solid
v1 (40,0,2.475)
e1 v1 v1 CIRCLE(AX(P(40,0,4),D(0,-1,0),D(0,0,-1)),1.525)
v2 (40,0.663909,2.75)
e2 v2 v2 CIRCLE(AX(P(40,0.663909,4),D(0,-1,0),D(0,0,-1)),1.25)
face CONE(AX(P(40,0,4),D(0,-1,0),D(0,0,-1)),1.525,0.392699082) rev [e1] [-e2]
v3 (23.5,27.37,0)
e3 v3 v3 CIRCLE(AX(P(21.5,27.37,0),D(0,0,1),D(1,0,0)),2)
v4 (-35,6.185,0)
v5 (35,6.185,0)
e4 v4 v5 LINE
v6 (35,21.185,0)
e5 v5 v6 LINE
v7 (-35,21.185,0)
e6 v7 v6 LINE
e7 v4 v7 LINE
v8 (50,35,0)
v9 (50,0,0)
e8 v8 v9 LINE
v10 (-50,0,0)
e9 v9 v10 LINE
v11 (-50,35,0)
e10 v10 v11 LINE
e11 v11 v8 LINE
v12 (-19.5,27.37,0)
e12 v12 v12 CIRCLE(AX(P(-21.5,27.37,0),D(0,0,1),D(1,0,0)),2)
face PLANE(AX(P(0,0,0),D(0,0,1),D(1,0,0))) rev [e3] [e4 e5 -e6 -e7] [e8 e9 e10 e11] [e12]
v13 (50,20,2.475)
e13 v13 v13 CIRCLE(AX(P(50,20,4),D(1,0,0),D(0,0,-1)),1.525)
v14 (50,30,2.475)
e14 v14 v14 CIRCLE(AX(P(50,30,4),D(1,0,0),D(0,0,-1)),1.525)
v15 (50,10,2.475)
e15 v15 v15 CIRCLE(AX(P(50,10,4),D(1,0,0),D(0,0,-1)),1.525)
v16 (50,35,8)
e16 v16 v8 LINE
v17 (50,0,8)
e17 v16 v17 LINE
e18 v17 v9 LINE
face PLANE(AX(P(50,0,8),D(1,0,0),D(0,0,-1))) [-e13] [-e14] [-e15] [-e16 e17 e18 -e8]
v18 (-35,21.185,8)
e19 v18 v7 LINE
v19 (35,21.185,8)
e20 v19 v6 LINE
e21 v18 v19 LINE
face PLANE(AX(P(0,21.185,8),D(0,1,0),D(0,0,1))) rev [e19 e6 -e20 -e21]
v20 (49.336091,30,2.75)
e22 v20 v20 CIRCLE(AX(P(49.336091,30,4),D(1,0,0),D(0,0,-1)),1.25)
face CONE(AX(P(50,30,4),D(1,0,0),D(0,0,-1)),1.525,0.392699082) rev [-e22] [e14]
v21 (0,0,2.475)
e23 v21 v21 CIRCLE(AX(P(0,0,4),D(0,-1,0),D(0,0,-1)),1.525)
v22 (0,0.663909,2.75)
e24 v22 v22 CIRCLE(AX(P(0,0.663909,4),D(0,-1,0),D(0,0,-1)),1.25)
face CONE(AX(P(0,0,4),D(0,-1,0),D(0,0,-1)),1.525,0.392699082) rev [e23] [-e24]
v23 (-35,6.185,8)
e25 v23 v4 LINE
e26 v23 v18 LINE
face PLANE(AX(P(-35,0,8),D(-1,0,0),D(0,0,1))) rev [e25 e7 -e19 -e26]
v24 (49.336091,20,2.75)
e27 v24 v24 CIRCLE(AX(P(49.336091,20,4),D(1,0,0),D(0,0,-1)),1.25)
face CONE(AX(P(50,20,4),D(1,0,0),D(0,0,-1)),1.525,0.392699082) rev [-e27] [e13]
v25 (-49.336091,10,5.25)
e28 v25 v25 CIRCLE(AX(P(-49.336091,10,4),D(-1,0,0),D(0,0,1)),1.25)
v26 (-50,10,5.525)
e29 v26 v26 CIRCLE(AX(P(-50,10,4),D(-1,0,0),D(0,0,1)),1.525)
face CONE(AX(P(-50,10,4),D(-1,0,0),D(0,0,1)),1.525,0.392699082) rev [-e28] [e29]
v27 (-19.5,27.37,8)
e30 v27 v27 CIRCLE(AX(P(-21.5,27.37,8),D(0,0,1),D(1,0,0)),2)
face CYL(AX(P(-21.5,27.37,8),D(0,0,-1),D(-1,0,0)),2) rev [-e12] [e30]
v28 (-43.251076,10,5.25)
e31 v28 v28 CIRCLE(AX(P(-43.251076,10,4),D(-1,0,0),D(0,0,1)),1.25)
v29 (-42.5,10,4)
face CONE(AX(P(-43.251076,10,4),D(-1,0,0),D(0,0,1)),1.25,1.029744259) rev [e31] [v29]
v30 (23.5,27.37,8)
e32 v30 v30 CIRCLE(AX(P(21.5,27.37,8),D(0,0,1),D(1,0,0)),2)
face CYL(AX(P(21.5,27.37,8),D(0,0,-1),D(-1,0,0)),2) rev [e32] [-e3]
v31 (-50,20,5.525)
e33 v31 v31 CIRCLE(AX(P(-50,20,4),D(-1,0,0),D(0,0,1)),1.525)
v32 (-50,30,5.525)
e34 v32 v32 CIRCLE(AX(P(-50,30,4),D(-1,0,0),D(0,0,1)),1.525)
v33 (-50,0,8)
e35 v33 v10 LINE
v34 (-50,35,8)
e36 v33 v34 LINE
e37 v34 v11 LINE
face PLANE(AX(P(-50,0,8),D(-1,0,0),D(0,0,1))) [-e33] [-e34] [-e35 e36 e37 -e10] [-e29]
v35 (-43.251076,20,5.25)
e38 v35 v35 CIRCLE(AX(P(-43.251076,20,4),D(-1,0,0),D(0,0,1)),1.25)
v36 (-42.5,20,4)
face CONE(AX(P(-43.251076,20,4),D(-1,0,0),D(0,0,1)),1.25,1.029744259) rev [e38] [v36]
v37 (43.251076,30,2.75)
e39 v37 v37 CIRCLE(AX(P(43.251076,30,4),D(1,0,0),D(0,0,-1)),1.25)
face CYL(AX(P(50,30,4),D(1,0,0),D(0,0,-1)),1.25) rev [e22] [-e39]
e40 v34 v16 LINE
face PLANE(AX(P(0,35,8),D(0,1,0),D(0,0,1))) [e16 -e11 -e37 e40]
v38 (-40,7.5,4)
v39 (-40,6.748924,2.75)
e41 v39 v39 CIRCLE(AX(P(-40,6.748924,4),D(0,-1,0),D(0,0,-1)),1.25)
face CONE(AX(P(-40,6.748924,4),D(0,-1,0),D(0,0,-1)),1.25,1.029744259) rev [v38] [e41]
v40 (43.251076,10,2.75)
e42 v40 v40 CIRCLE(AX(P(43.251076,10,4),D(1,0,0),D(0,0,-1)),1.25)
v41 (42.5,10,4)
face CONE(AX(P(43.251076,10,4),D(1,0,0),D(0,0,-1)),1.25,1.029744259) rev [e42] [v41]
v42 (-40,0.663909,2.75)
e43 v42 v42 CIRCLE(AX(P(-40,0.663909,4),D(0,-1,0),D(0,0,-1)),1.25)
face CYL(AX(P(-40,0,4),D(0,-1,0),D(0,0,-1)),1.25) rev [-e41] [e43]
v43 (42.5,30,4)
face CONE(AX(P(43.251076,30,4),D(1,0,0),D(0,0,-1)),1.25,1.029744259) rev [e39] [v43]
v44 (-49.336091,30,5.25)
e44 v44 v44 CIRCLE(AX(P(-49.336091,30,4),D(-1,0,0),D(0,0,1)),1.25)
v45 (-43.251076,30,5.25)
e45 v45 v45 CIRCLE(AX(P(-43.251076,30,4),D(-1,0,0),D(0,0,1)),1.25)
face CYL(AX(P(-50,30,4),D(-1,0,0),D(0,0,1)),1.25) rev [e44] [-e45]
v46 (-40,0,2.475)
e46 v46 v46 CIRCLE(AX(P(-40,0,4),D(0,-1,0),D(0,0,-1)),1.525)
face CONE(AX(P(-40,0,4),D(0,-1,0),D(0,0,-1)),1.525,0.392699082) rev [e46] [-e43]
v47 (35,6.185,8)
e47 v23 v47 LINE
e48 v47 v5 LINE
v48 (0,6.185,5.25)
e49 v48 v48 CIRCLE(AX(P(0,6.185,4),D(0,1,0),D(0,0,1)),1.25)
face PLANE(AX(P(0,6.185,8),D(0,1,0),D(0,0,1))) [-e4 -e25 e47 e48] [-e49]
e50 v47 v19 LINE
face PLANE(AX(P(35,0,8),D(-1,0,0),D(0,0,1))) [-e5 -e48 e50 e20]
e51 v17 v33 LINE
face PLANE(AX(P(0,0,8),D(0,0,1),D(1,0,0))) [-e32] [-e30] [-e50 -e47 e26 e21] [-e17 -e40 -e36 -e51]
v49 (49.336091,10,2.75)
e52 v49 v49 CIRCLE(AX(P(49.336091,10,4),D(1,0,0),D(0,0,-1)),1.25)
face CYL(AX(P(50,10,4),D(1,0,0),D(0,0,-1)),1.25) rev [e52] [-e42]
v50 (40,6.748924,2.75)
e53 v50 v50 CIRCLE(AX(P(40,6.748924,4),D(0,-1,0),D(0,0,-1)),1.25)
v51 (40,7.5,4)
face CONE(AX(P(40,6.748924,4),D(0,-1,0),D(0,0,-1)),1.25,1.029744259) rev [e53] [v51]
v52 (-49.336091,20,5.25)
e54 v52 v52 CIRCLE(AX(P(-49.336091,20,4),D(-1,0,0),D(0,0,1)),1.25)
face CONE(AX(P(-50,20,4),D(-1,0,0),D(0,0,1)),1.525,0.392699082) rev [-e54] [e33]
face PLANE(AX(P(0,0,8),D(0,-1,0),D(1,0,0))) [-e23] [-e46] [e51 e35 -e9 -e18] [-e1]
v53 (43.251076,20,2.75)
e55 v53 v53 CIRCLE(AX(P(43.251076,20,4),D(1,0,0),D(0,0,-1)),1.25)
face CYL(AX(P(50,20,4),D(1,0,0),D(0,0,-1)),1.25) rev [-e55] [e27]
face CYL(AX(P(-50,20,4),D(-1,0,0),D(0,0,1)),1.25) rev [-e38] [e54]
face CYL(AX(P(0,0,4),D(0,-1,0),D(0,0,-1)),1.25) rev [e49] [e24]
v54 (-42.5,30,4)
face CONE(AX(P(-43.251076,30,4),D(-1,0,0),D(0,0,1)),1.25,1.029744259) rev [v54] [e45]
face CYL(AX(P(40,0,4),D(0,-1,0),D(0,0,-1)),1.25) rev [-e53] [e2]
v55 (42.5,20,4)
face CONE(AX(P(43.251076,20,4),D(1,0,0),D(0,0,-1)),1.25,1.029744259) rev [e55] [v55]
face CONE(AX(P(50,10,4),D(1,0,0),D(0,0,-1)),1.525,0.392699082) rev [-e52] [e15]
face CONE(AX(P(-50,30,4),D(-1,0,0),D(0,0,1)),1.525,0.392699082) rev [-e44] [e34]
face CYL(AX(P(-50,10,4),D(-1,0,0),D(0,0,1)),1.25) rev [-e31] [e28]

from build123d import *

# Parameters (mm, degrees)
SKETCH_1_R                   = 2
SKETCH_1_W                   = 70
SKETCH_1_H                   = 15
EXTRUDE_2_DEPTH              = 8
HOLE_WIZARD_M3_1_D           = 2.5
HOLE_WIZARD_M3_1_DEPTH       = 6.748924226
HOLE_WIZARD_M3_1_CSINK_D     = 3.05
HOLE_WIZARD_M3_1_CSINK_ANGLE = 45
HOLE_WIZARD_M3_1_TIP         = 0.751075774
HOLE_WIZARD_M3_2_D           = 2.5
HOLE_WIZARD_M3_2_DEPTH       = 6.748924226
HOLE_WIZARD_M3_2_CSINK_D     = 3.05
HOLE_WIZARD_M3_2_CSINK_ANGLE = 45
HOLE_WIZARD_M3_2_TIP         = 0.751075774
HOLE_WIZARD_M3_3_D           = 2.5
HOLE_WIZARD_M3_3_DEPTH       = 6.748924226
HOLE_WIZARD_M3_3_CSINK_D     = 3.05
HOLE_WIZARD_M3_3_CSINK_ANGLE = 45
HOLE_WIZARD_M3_3_TIP         = 0.751075774


with BuildPart() as part:
    # 草圖1 → 填料-伸長2 (new body)
    with BuildSketch(Plane.XY):
        Polygon((0, 0), (-50, 0), (-50, 35), (50, 35), (50, 0), align=None)
        with Locations((-21.5, 27.37)):
            Circle(SKETCH_1_R, mode=Mode.SUBTRACT)
        with Locations((21.5, 27.37)):
            Circle(SKETCH_1_R, mode=Mode.SUBTRACT)
        with Locations((0, 13.685)):
            Rectangle(SKETCH_1_W, SKETCH_1_H, mode=Mode.SUBTRACT)
    extrude(amount=EXTRUDE_2_DEPTH)

    # M3 螺紋孔1
    with Locations(Plane(origin=(50, 10, 4), x_dir=(0, 0, 1), z_dir=(1, 0, 0))):
        with Locations((0, 0), (0, -20), (0, -10)):
            CounterSinkHole(HOLE_WIZARD_M3_1_D / 2, HOLE_WIZARD_M3_1_CSINK_D / 2, depth=HOLE_WIZARD_M3_1_DEPTH, counter_sink_angle=HOLE_WIZARD_M3_1_CSINK_ANGLE)
            with Locations((0, 0, -(HOLE_WIZARD_M3_1_DEPTH + HOLE_WIZARD_M3_1_TIP / 2))):  # 118° drill point
                Cone(0, HOLE_WIZARD_M3_1_D / 2, HOLE_WIZARD_M3_1_TIP, mode=Mode.SUBTRACT)

    # M3 螺紋孔2
    with Locations(Plane(origin=(-50, 30, 4), x_dir=(0, 0, -1), z_dir=(-1, 0, 0))):
        with Locations((0, 0), (0, 10), (0, 20)):
            CounterSinkHole(HOLE_WIZARD_M3_2_D / 2, HOLE_WIZARD_M3_2_CSINK_D / 2, depth=HOLE_WIZARD_M3_2_DEPTH, counter_sink_angle=HOLE_WIZARD_M3_2_CSINK_ANGLE)
            with Locations((0, 0, -(HOLE_WIZARD_M3_2_DEPTH + HOLE_WIZARD_M3_2_TIP / 2))):  # 118° drill point
                Cone(0, HOLE_WIZARD_M3_2_D / 2, HOLE_WIZARD_M3_2_TIP, mode=Mode.SUBTRACT)

    # M3 螺紋孔3
    with Locations(Plane(origin=(40, 0, 4), x_dir=(-1, 0, 0), z_dir=(0, -1, 0))):
        with Locations((0, 0), (40, 0), (80, 0)):
            CounterSinkHole(HOLE_WIZARD_M3_3_D / 2, HOLE_WIZARD_M3_3_CSINK_D / 2, depth=HOLE_WIZARD_M3_3_DEPTH, counter_sink_angle=HOLE_WIZARD_M3_3_CSINK_ANGLE)
            with Locations((0, 0, -(HOLE_WIZARD_M3_3_DEPTH + HOLE_WIZARD_M3_3_TIP / 2))):  # 118° drill point
                Cone(0, HOLE_WIZARD_M3_3_D / 2, HOLE_WIZARD_M3_3_TIP, mode=Mode.SUBTRACT)


solid = part.part
